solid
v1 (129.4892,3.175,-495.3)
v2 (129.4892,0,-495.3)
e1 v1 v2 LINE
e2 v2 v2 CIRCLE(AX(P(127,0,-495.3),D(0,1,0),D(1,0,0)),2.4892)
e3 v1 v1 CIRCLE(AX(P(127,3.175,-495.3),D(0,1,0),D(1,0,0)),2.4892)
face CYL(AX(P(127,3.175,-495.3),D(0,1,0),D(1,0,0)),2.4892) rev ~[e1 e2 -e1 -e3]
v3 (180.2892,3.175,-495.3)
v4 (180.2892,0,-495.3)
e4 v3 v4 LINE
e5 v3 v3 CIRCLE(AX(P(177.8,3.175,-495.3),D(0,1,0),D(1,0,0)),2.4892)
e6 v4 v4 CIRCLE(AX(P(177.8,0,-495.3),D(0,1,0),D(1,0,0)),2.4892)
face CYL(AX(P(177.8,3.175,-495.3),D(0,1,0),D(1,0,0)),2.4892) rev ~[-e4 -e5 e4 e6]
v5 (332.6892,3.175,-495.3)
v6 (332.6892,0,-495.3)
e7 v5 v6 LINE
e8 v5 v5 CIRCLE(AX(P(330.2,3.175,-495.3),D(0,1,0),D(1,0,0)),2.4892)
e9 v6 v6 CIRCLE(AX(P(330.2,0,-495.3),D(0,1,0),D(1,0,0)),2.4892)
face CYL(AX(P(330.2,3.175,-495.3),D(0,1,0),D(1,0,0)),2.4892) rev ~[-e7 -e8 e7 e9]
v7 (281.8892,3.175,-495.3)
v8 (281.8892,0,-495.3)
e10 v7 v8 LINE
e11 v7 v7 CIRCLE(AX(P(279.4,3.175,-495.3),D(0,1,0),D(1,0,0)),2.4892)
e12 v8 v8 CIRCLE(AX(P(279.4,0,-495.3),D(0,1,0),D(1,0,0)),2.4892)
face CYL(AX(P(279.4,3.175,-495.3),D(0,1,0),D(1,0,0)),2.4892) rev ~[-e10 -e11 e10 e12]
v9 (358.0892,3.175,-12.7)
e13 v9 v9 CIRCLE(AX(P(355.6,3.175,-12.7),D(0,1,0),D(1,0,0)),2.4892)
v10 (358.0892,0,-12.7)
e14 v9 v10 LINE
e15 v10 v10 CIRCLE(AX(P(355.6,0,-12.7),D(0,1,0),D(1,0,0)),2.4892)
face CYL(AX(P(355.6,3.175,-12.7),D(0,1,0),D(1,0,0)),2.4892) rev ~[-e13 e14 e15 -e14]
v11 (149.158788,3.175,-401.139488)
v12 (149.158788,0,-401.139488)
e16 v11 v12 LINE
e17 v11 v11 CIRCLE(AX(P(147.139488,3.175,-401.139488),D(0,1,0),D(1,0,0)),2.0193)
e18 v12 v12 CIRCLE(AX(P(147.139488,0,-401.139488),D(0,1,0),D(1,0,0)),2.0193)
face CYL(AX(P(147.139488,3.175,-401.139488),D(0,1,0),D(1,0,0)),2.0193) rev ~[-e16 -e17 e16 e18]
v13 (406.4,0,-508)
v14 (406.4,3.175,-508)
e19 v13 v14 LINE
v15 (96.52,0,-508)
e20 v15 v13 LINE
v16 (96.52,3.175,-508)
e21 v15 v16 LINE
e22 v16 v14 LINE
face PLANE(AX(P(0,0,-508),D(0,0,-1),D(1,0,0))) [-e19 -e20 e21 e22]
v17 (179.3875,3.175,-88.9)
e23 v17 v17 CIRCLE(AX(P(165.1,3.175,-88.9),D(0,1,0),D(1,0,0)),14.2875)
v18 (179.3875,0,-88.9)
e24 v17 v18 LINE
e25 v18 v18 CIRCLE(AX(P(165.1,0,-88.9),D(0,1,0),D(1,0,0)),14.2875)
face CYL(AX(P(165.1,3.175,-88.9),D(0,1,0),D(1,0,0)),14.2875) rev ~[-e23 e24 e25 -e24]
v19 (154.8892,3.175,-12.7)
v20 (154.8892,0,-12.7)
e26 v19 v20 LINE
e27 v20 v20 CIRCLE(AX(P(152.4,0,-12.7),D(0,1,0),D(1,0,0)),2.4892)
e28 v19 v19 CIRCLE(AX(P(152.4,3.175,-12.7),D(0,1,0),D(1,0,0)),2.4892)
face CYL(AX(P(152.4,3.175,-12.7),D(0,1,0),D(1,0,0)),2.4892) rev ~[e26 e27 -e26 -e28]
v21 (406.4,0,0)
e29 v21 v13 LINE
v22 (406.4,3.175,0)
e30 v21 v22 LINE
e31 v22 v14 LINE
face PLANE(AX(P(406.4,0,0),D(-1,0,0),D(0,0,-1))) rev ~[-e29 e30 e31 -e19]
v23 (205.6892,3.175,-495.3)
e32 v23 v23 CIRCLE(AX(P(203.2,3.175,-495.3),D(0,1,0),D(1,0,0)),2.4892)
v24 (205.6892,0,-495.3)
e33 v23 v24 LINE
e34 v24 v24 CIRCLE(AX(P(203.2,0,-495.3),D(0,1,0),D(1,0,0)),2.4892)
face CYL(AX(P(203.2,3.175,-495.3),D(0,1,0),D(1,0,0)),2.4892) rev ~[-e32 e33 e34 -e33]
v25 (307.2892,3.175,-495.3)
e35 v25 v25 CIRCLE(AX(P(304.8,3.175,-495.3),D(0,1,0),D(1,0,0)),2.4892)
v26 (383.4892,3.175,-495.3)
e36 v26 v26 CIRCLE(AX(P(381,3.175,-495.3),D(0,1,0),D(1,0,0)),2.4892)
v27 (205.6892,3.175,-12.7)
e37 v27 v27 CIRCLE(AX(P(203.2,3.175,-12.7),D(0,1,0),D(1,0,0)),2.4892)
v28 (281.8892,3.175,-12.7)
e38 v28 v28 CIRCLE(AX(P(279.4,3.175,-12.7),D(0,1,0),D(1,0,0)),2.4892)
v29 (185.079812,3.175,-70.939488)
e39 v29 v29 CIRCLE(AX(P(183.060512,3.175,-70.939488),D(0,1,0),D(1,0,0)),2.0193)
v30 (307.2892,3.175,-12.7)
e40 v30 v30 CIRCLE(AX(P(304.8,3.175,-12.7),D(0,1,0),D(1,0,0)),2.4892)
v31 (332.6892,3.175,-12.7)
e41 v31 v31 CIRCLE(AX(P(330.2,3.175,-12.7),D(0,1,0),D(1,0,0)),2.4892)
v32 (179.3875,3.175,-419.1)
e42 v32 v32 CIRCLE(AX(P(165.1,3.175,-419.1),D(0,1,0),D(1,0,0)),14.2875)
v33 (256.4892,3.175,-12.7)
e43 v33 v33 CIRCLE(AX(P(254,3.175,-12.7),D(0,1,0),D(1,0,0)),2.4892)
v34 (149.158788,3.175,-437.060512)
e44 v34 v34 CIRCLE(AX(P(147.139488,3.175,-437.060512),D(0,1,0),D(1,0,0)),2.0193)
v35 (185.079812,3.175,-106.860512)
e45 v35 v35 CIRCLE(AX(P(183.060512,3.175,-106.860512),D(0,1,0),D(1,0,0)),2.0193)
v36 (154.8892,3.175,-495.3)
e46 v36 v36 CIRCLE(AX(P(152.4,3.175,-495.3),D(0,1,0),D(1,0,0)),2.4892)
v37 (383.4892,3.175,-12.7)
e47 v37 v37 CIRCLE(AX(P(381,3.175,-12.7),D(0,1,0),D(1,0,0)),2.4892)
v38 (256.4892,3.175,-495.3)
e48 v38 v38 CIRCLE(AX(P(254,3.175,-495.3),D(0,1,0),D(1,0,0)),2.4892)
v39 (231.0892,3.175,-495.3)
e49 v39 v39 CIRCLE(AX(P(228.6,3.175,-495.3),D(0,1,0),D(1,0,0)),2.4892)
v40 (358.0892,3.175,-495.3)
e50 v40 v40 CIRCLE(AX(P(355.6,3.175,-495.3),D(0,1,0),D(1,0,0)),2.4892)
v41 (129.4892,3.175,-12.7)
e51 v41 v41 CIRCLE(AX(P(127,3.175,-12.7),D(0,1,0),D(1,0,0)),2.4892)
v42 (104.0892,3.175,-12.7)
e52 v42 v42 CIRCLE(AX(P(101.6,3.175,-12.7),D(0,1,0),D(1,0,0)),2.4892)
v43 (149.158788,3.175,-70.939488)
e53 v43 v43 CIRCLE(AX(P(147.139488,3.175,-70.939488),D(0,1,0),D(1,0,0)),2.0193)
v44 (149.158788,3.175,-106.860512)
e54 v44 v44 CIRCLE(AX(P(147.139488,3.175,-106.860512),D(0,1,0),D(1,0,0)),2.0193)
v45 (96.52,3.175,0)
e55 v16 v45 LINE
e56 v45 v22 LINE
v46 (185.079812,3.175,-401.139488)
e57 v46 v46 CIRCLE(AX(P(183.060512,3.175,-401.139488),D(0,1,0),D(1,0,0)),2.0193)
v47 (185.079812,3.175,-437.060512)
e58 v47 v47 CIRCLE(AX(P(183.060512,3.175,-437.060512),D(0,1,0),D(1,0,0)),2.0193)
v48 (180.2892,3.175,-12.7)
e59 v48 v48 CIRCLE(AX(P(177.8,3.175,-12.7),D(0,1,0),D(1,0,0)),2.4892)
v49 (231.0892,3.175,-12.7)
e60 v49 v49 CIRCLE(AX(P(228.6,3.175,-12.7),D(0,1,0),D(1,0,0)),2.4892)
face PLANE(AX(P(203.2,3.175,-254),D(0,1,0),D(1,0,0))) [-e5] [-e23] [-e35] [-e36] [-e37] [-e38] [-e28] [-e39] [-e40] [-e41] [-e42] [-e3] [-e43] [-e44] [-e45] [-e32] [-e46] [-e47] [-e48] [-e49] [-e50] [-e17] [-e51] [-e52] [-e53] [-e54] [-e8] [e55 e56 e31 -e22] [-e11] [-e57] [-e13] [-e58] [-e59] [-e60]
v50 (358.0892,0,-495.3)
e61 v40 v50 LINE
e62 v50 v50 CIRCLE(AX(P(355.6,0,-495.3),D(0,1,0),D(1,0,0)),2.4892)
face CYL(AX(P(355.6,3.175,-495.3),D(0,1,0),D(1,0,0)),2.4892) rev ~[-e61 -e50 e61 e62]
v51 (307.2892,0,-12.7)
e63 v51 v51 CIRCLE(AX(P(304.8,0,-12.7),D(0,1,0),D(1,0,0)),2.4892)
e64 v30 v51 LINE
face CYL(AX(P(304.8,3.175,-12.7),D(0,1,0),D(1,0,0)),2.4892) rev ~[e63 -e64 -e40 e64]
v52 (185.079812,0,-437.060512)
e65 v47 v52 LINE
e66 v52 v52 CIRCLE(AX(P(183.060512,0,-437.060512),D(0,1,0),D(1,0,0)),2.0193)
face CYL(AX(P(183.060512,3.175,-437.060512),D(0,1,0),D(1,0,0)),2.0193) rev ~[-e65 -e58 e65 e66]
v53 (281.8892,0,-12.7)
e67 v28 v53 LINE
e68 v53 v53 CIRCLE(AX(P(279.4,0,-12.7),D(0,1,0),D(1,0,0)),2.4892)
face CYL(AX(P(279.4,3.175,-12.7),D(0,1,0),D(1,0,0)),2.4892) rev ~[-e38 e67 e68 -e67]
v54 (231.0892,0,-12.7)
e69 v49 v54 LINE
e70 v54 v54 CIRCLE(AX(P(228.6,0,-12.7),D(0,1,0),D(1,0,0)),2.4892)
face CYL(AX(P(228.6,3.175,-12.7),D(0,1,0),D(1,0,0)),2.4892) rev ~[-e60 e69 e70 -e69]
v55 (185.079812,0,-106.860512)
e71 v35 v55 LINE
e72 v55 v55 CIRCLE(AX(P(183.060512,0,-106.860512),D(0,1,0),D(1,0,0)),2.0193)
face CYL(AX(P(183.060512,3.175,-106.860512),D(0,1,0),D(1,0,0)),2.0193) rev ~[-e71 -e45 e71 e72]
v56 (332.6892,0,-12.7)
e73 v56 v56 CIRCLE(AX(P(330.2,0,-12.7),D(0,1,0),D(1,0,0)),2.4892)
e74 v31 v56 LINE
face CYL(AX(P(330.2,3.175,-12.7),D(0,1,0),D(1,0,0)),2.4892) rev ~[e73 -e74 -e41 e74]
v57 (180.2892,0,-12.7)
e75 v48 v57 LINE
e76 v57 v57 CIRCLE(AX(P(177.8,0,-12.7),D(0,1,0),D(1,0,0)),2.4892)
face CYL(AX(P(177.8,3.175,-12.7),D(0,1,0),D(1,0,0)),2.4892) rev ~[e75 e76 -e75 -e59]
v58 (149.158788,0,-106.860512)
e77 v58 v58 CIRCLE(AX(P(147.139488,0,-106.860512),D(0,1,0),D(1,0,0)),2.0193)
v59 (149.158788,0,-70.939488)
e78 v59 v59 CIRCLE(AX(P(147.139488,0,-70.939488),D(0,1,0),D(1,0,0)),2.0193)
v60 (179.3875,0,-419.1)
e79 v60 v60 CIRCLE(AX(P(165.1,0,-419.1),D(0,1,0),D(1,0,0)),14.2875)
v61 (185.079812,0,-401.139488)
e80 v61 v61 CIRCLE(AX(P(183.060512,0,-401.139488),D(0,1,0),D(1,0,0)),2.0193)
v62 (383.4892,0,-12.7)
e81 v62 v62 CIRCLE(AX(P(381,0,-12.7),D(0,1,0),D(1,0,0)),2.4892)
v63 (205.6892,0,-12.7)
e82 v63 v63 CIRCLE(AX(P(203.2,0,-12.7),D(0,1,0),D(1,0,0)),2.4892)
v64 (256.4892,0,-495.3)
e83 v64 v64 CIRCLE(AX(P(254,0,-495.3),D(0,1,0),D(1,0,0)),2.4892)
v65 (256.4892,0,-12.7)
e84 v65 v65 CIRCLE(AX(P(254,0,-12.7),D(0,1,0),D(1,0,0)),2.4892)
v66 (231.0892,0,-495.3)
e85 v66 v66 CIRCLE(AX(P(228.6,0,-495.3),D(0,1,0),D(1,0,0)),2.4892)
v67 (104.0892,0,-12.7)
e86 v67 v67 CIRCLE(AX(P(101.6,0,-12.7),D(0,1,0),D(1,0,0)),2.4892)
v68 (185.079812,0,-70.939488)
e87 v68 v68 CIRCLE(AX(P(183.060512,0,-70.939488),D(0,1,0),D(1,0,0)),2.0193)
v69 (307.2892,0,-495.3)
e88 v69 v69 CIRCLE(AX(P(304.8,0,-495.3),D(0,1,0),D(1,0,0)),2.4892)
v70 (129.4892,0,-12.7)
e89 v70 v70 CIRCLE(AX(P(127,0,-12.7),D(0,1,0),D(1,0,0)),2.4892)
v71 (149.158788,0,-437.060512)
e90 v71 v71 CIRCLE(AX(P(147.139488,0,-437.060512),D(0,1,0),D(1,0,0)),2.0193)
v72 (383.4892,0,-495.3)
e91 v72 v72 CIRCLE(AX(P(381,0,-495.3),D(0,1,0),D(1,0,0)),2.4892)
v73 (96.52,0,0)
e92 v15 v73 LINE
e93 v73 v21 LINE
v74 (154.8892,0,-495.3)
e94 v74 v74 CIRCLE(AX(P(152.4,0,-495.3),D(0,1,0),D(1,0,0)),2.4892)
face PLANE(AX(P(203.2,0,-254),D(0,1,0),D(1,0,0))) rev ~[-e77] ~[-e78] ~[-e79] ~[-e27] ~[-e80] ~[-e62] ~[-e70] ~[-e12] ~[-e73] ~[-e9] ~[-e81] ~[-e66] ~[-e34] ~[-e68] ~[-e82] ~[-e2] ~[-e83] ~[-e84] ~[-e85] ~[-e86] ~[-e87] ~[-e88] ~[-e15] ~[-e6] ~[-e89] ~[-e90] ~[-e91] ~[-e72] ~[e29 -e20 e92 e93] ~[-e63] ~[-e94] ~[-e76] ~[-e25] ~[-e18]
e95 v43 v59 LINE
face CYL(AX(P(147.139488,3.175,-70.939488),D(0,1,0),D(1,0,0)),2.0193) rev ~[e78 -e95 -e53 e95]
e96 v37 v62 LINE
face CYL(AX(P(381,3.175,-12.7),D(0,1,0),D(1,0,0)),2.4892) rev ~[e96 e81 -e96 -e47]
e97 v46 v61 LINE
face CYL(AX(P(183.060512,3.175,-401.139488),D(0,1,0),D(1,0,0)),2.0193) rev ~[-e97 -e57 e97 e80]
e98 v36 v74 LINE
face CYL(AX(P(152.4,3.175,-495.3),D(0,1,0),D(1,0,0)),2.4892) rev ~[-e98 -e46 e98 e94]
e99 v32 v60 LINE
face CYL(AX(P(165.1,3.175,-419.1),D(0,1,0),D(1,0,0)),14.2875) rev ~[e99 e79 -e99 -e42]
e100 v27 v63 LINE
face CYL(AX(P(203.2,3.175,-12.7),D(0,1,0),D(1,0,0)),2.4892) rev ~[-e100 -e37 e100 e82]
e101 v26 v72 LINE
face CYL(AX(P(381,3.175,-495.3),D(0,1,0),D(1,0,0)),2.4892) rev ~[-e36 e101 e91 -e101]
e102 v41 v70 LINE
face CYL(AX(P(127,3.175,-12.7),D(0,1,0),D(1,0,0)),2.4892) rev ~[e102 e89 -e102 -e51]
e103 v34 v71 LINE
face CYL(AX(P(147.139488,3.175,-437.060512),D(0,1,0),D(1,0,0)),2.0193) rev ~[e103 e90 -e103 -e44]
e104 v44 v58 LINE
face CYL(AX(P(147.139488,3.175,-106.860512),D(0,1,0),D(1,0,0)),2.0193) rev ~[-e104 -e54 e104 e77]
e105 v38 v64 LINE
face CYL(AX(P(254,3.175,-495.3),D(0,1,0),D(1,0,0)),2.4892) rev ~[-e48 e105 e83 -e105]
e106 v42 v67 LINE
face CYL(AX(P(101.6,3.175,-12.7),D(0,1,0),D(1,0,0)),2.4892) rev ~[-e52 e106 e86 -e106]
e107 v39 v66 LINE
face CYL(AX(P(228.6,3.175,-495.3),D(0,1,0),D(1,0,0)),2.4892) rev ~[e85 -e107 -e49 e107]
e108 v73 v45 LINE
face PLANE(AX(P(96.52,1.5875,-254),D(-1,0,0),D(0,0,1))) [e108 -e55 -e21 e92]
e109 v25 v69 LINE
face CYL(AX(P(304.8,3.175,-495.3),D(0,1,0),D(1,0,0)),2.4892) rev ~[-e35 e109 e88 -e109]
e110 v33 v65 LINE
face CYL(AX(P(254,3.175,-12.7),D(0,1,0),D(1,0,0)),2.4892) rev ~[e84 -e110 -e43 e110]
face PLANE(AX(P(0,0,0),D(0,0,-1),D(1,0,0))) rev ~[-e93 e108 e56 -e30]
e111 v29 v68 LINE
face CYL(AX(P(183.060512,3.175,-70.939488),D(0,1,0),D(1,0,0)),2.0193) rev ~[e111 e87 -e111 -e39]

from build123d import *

# Parameters (mm, degrees)
SKETCH1_W               = 406.4
SKETCH1_H               = 508
BOSS_EXTRUDE1_DEPTH     = 3.175
SKETCH2_R               = 14.2875
CUT_EXTRUDE1_DEPTH      = 3.175
SKETCH3_R               = 2.4892
CUT_EXTRUDE2_DEPTH      = 1
CUT_EXTRUDE2_DEPTH_BACK = 4.175
SKETCH4_R               = 2.0193
CUT_EXTRUDE3_DEPTH      = 1
CUT_EXTRUDE3_DEPTH_BACK = 4.175
SKETCH5_W               = 508
SKETCH5_H               = 3.175
CUT_EXTRUDE4_DEPTH      = 96.52


with BuildPart() as part:
    # Sketch1 → Boss-Extrude1 (new body)
    with BuildSketch(Plane(origin=(0, 0, 0), x_dir=(1, 0, 0), z_dir=(0, 1, 0))):
        with Locations((203.2, 254)):
            Rectangle(SKETCH1_W, SKETCH1_H)
    extrude(amount=BOSS_EXTRUDE1_DEPTH)

    # Sketch2 → Cut-Extrude1 (cut)
    with BuildSketch(Plane(origin=(0, 3.175, 0), x_dir=(1, 0, 0), z_dir=(0, 1, 0))):
        with Locations((50.8, 419.1)):
            Circle(SKETCH2_R)
        with Locations((165.1, 419.1)):
            Circle(SKETCH2_R)
        with Locations((50.8, 88.9)):
            Circle(SKETCH2_R)
        with Locations((165.1, 88.9)):
            Circle(SKETCH2_R)
    extrude(amount=-CUT_EXTRUDE1_DEPTH, mode=Mode.SUBTRACT)

    # Sketch3 → Cut-Extrude2 (cut, two sides)
    with BuildSketch(Plane(origin=(0, 3.175, 0), x_dir=(1, 0, 0), z_dir=(0, 1, 0))) as cut_extrude2_sk:
        with Locations((38.1, 12.7)):
            Circle(SKETCH3_R)
        with Locations((63.5, 12.7)):
            Circle(SKETCH3_R)
        with Locations((127, 12.7)):
            Circle(SKETCH3_R)
        with Locations((152.4, 12.7)):
            Circle(SKETCH3_R)
        with Locations((177.8, 12.7)):
            Circle(SKETCH3_R)
        with Locations((203.2, 12.7)):
            Circle(SKETCH3_R)
        with Locations((228.6, 12.7)):
            Circle(SKETCH3_R)
        with Locations((254, 12.7)):
            Circle(SKETCH3_R)
        with Locations((279.4, 12.7)):
            Circle(SKETCH3_R)
        with Locations((304.8, 12.7)):
            Circle(SKETCH3_R)
        with Locations((330.2, 12.7)):
            Circle(SKETCH3_R)
        with Locations((355.6, 12.7)):
            Circle(SKETCH3_R)
        with Locations((381, 12.7)):
            Circle(SKETCH3_R)
        with Locations((381, 495.3)):
            Circle(SKETCH3_R)
        with Locations((355.6, 495.3)):
            Circle(SKETCH3_R)
        with Locations((330.2, 495.3)):
            Circle(SKETCH3_R)
        with Locations((304.8, 495.3)):
            Circle(SKETCH3_R)
        with Locations((279.4, 495.3)):
            Circle(SKETCH3_R)
        with Locations((254, 495.3)):
            Circle(SKETCH3_R)
        with Locations((228.6, 495.3)):
            Circle(SKETCH3_R)
        with Locations((203.2, 495.3)):
            Circle(SKETCH3_R)
        with Locations((177.8, 495.3)):
            Circle(SKETCH3_R)
        with Locations((152.4, 495.3)):
            Circle(SKETCH3_R)
        with Locations((127, 495.3)):
            Circle(SKETCH3_R)
        with Locations((63.5, 495.3)):
            Circle(SKETCH3_R)
        with Locations((38.1, 495.3)):
            Circle(SKETCH3_R)
        with Locations((101.6, 12.7)):
            Circle(SKETCH3_R)
    extrude(amount=CUT_EXTRUDE2_DEPTH, mode=Mode.SUBTRACT)
    extrude(cut_extrude2_sk.sketch, amount=-CUT_EXTRUDE2_DEPTH_BACK, mode=Mode.SUBTRACT)

    # Sketch4 → Cut-Extrude3 (cut, two sides)
    with BuildSketch(Plane(origin=(0, 3.175, 0), x_dir=(1, 0, 0), z_dir=(0, 1, 0))) as cut_extrude3_sk:
        with Locations((76.2, 419.1)):
            Circle(SKETCH4_R)
        with Locations((25.4, 419.1)):
            Circle(SKETCH4_R)
        with Locations((38.1, 441.097045256)):
            Circle(SKETCH4_R)
        with Locations((63.5, 441.097045256)):
            Circle(SKETCH4_R)
        with Locations((63.5, 397.102954744)):
            Circle(SKETCH4_R)
        with Locations((38.1, 397.102954744)):
            Circle(SKETCH4_R)
        with Locations((147.139487788, 437.060512212)):
            Circle(SKETCH4_R)
        with Locations((183.060512212, 437.060512212)):
            Circle(SKETCH4_R)
        with Locations((183.060512212, 401.139487788)):
            Circle(SKETCH4_R)
        with Locations((147.139487788, 401.139487788)):
            Circle(SKETCH4_R)
        with Locations((147.139487788, 106.860512212)):
            Circle(SKETCH4_R)
        with Locations((183.060512212, 106.860512212)):
            Circle(SKETCH4_R)
        with Locations((183.060512212, 70.939487788)):
            Circle(SKETCH4_R)
        with Locations((147.139487788, 70.939487788)):
            Circle(SKETCH4_R)
        with Locations((38.1, 110.897045256)):
            Circle(SKETCH4_R)
        with Locations((63.5, 110.897045256)):
            Circle(SKETCH4_R)
        with Locations((63.5, 66.902954744)):
            Circle(SKETCH4_R)
        with Locations((38.1, 66.902954744)):
            Circle(SKETCH4_R)
        with Locations((25.4, 88.9)):
            Circle(SKETCH4_R)
        with Locations((76.2, 88.9)):
            Circle(SKETCH4_R)
    extrude(amount=CUT_EXTRUDE3_DEPTH, mode=Mode.SUBTRACT)
    extrude(cut_extrude3_sk.sketch, amount=-CUT_EXTRUDE3_DEPTH_BACK, mode=Mode.SUBTRACT)

    # Sketch5 → Cut-Extrude4 (cut)
    with BuildSketch(Plane.ZY):
        with Locations((-254, 1.5875)):
            Rectangle(SKETCH5_W, SKETCH5_H)
    extrude(amount=-CUT_EXTRUDE4_DEPTH, mode=Mode.SUBTRACT)


solid = part.part
